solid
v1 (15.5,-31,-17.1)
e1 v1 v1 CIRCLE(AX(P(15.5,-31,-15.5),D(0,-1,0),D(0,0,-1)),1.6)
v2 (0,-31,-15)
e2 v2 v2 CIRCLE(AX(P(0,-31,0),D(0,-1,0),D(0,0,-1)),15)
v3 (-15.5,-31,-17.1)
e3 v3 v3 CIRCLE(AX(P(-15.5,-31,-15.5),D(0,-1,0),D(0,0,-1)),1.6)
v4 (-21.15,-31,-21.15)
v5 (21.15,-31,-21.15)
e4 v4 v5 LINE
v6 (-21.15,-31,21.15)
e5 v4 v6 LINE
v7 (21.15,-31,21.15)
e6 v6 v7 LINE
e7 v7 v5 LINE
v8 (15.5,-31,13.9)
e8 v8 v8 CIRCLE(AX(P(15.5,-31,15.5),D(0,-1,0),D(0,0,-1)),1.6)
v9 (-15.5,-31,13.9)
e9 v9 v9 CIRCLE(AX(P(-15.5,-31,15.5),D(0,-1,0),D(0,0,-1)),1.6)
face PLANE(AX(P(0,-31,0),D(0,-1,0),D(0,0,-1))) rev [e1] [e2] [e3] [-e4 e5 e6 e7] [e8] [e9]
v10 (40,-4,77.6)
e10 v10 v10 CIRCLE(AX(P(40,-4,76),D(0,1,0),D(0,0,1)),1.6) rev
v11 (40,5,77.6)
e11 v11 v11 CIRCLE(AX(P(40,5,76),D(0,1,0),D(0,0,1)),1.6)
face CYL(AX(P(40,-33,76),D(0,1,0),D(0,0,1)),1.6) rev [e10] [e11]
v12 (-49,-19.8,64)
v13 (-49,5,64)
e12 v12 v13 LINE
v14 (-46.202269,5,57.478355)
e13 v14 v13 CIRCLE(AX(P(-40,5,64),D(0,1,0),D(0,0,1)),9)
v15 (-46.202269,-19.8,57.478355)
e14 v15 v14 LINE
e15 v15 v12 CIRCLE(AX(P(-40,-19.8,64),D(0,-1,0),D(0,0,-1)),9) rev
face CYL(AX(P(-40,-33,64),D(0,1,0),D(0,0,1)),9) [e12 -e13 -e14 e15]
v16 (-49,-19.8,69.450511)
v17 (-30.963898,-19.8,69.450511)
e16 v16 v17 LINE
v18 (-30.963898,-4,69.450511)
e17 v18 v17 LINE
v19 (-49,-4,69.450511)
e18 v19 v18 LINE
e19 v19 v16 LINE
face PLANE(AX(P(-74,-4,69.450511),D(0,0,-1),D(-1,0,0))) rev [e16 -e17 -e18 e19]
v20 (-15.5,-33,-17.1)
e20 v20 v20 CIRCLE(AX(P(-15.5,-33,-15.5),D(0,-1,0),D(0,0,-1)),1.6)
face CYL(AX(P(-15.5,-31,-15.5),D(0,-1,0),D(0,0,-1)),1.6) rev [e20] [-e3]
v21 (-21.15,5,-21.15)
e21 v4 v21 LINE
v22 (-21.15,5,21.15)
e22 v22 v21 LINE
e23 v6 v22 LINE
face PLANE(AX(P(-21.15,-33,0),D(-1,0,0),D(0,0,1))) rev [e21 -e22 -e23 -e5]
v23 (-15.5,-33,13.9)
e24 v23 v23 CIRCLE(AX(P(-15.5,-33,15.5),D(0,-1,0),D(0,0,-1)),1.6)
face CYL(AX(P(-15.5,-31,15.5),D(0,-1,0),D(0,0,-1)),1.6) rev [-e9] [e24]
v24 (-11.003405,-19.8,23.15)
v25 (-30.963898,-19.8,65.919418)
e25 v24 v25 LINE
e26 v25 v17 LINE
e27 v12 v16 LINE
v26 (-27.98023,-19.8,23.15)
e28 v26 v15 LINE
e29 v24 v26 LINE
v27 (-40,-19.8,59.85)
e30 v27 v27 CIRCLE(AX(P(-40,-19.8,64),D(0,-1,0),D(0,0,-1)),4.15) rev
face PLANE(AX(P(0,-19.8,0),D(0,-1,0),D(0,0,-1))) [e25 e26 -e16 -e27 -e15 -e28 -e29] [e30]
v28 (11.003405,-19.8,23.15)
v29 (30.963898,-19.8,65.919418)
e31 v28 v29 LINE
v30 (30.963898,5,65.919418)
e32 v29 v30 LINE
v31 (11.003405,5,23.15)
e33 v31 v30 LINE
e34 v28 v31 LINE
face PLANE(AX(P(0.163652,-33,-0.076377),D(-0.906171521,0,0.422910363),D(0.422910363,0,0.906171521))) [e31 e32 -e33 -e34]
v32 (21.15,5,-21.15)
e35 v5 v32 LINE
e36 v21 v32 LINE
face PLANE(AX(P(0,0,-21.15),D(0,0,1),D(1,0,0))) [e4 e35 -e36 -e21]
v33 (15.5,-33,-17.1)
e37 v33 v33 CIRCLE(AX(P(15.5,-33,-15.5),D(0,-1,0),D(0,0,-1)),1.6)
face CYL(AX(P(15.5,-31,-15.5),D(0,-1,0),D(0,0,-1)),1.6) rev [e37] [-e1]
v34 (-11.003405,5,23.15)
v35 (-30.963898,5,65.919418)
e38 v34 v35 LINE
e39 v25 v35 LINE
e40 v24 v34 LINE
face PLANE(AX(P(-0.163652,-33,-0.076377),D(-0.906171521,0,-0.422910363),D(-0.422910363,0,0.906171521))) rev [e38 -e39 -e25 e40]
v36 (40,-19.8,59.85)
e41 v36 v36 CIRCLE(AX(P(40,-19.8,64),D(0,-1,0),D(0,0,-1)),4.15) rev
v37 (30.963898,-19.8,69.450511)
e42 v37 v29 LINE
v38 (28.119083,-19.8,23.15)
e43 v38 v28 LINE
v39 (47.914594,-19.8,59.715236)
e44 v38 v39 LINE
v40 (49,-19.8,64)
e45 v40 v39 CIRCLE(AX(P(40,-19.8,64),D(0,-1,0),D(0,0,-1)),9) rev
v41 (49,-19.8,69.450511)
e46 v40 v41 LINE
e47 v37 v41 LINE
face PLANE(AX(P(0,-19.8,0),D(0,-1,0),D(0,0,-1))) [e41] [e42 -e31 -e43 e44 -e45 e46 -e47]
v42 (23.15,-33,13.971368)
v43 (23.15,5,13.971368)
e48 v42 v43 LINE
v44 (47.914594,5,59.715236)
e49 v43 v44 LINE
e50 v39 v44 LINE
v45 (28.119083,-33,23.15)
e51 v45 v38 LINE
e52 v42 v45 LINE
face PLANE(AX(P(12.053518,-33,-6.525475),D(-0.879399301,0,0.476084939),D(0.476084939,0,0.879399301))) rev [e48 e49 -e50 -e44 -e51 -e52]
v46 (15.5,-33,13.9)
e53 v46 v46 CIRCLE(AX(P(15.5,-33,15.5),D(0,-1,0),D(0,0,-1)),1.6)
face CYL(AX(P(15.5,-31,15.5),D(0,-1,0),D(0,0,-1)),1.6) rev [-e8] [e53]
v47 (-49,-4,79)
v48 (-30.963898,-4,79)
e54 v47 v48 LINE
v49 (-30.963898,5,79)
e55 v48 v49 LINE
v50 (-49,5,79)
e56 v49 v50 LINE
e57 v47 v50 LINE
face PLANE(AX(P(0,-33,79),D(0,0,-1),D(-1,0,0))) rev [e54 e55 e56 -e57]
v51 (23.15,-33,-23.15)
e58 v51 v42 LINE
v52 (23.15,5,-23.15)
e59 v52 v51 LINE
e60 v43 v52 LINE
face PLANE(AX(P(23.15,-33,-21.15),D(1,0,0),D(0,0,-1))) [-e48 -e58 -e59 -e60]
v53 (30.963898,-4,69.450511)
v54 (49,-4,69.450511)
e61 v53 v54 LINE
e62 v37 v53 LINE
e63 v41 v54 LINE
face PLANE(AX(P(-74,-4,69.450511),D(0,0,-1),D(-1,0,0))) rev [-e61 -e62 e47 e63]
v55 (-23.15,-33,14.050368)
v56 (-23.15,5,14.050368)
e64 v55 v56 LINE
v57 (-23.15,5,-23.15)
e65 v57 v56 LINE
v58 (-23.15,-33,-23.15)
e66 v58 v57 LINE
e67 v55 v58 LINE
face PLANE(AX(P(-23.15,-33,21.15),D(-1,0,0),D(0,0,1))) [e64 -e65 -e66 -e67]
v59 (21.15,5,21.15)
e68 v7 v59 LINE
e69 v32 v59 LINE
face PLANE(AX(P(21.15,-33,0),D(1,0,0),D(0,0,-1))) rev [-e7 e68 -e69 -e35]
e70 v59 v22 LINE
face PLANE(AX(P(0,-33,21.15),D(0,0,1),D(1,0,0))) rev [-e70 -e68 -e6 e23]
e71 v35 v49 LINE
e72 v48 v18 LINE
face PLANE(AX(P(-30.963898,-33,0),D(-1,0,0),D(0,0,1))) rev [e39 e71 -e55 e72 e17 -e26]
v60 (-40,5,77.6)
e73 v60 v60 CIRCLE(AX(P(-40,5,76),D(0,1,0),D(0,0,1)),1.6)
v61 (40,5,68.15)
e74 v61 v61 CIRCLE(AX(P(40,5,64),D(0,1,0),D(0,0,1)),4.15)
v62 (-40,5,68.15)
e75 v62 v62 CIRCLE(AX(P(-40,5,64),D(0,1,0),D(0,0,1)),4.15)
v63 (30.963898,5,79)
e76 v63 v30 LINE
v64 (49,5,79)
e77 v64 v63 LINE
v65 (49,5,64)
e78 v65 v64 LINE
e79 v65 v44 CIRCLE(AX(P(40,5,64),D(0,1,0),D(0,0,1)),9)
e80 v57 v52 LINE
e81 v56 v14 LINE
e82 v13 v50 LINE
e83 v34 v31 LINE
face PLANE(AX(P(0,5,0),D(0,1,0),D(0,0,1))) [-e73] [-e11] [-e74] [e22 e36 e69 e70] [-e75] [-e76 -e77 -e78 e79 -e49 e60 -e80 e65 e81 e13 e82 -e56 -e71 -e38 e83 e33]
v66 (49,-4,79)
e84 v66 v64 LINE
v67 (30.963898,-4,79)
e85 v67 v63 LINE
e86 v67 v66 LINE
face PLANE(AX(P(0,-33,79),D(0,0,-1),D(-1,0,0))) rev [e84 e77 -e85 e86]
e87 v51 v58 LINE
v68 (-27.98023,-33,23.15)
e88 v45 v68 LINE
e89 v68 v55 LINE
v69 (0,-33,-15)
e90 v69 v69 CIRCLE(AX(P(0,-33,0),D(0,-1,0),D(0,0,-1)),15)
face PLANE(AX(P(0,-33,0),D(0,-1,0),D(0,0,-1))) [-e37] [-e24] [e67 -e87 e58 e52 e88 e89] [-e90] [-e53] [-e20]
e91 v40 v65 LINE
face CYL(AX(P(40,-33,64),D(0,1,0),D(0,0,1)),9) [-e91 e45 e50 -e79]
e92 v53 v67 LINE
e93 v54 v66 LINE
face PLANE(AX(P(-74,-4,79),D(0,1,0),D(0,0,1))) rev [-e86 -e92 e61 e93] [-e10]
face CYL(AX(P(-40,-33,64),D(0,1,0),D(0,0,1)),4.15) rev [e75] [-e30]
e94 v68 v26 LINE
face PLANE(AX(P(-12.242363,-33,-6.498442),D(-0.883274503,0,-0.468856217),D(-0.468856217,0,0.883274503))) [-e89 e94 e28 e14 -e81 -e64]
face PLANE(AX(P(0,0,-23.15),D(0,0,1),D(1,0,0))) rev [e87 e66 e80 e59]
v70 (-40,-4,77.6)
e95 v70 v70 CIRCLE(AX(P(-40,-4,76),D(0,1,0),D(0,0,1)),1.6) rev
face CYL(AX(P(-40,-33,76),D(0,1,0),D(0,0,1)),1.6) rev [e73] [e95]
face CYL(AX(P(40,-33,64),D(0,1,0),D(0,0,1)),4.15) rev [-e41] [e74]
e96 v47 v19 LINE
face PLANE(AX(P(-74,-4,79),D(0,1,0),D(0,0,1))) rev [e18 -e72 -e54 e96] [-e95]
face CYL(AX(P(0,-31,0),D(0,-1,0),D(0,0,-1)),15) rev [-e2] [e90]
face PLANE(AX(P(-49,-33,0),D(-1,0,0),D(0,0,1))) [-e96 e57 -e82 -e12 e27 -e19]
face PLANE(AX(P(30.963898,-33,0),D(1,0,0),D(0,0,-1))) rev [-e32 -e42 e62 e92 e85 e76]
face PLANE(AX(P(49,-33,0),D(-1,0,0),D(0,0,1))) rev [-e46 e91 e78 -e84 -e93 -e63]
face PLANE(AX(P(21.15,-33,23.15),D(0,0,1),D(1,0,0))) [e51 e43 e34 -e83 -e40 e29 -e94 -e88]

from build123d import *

# Parameters (mm, degrees)
SKETCH_6_W           = 42.3
SKETCH_6_H           = 42.3
SKETCH_6_R           = 1.6
SKETCH_6_R_2         = 15
EXTRUDE_1_DEPTH      = 5
SKETCH_7_R           = 1.6
SKETCH_7_R_2         = 4.15
EXTRUDE_5_DEPTH      = 38
EXTRUDE_START        = 38
SKETCH_7_7_R         = 4.15
SKETCH_7_7_R_2       = 1.6
EXTRUDE_7_DEPTH      = 38
SKETCH_7_8_R         = 4.15
SKETCH_7_8_R_2       = 1.6
EXTRUDE_8_DEPTH      = 38
SKETCH_12_W          = 2
SKETCH_12_H          = 44.3
EXTRUDE_11_DEPTH     = 38
SKETCH_14_W          = 44.3
SKETCH_14_H          = 2
EXTRUDE_12_DEPTH     = 38
SKETCH_15_W          = 2
SKETCH_15_H          = 42.3
EXTRUDE_13_DEPTH     = 38
CUT_EXTRUDE_1_DEPTH  = 13.2
CUT_EXTRUDE_2_DEPTH  = 123
SKETCH_19_R          = 1.5
CUT_EXTRUDE_3_DEPTH  = 10
EXTRUDE_15_DEPTH     = 11.2
EXTRUDE_16_DEPTH     = 11.2
EXTRUDE_17_DEPTH     = 2
SKETCH_26_R          = 1.6
SKETCH_26_R_2        = 15
CUT_EXTRUDE_10_DEPTH = 2
SKETCH_27_W          = 42.3
SKETCH_27_H          = 42.3
CUT_EXTRUDE_12_DEPTH = 5
SKETCH_29_W          = 46.3
SKETCH_29_H          = 38
EXTRUDE_18_DEPTH     = 2


with BuildPart() as part:
    # 草图6 → 凸台-拉伸1 (new body)
    with BuildSketch(Plane(origin=(0, 0, 0), x_dir=(1, 0, 0), z_dir=(0, 1, 0))):
        Rectangle(SKETCH_6_W, SKETCH_6_H)
        with Locations(Location((15.5, 15.5, 0), (0, 0, 270))):
            Circle(SKETCH_6_R, mode=Mode.SUBTRACT)
        with Locations(Location((-15.5, 15.5, 0), (0, 0, 270))):
            Circle(SKETCH_6_R, mode=Mode.SUBTRACT)
        with Locations(Location((-15.5, -15.5, 0), (0, 0, 270))):
            Circle(SKETCH_6_R, mode=Mode.SUBTRACT)
        with Locations(Location((15.5, -15.5, 0), (0, 0, 270))):
            Circle(SKETCH_6_R, mode=Mode.SUBTRACT)
        with Locations(Location((0, 0, 0), (0, 0, 270))):
            Circle(SKETCH_6_R_2, mode=Mode.SUBTRACT)
    extrude(amount=EXTRUDE_1_DEPTH)

    # 草图7 → 凸台-拉伸5 (add)
    # profile 1 of 2: a face of its own
    with BuildSketch(Plane(origin=(0, 5, 0), x_dir=(1, 0, 0), z_dir=(0, 1, 0))):
        with BuildLine():
            Line((49, -79), (49, -64))
            ThreePointArc((49, -64), (48.724429591, -61.789948347), (47.914593709, -59.715235547))
            Line((47.914593709, -59.715235547), (21.15, -10.277072187))
            Line((21.15, -10.277072187), (21.15, -21.15))
            Line((21.15, -21.15), (10.070005019, -21.15))
            Line((10.070005019, -21.15), (30.963898233, -65.919418373))
            Line((30.963898233, -65.919418373), (30.963898233, -79))
            Line((30.963898233, -79), (49, -79))
        make_face()
        with Locations(Location((40, -76, 0), (0, 0, 270))):
            Circle(SKETCH_7_R, mode=Mode.SUBTRACT)
        with Locations(Location((40, -64, 0), (0, 0, 270))):
            Circle(SKETCH_7_R_2, mode=Mode.SUBTRACT)
    # profile 2 of 2: a face of its own
    with BuildSketch(Plane(origin=(0, 5, 0), x_dir=(1, 0, 0), z_dir=(0, 1, 0))):
        with BuildLine():
            Line((-30.963898233, -65.919418373), (-10.070005019, -21.15))
            Line((-10.070005019, -21.15), (-21.15, -21.15))
            Line((-21.15, -21.15), (-21.15, -10.282583808))
            Line((-21.15, -10.282583808), (-46.202269248, -57.478354795))
            ThreePointArc((-46.202269248, -57.478354795), (-48.271046585, -60.45179082), (-49, -64))
            Line((-49, -64), (-49, -79))
            Line((-49, -79), (-30.963898233, -79))
            Line((-30.963898233, -79), (-30.963898233, -65.919418373))
        make_face()
        with Locations(Location((-40, -76, 0), (0, 0, 270))):
            Circle(SKETCH_7_R, mode=Mode.SUBTRACT)
        with Locations(Location((-40, -64, 0), (0, 0, 270))):
            Circle(SKETCH_7_R_2, mode=Mode.SUBTRACT)
    extrude(amount=-EXTRUDE_5_DEPTH)

    # 草图7<7> → 凸台-拉伸7 (add)
    with BuildSketch(Plane(origin=(0, 5, 0), x_dir=(1, 0, 0), z_dir=(0, 1, 0)).offset(EXTRUDE_START)):
        with Locations(Location((-40, -64, 0), (0, 0, 270))):
            Circle(SKETCH_7_7_R)
        with Locations(Location((40, -64, 0), (0, 0, 270))):
            Circle(SKETCH_7_7_R)
        with Locations(Location((40, -76, 0), (0, 0, 270))):
            Circle(SKETCH_7_7_R_2)
        with Locations(Location((-40, -76, 0), (0, 0, 270))):
            Circle(SKETCH_7_7_R_2)
    extrude(amount=-EXTRUDE_7_DEPTH)


with BuildPart() as extrude_7_kept_piece:
    # of the separate pieces the step leaves, the one the design keeps (extrude_7_pieces_kept)
    add(part.part.solids().sort_by_distance((-10.070005019, 0, 21.15))[0])

    # 草图7<8> → 凸台-拉伸8 (add)
    with BuildSketch(Plane(origin=(0, 5, 0), x_dir=(1, 0, 0), z_dir=(0, 1, 0))):
        with Locations(Location((-40, -64, 0), (0, 0, 270))):
            Circle(SKETCH_7_8_R)
        with Locations(Location((40, -64, 0), (0, 0, 270))):
            Circle(SKETCH_7_8_R)
        with Locations(Location((40, -76, 0), (0, 0, 270))):
            Circle(SKETCH_7_8_R_2)
        with Locations(Location((-40, -76, 0), (0, 0, 270))):
            Circle(SKETCH_7_8_R_2)
    extrude(amount=EXTRUDE_8_DEPTH)


with BuildPart() as extrude_8_kept_piece:
    # of the separate pieces the step leaves, the one the design keeps (extrude_8_pieces_kept)
    add(extrude_7_kept_piece.part.solids().sort_by_distance((-10.070005019, 0, 21.15))[0])

    # 草图12 → 凸台-拉伸11 (add)
    with BuildSketch(Plane(origin=(0, 5, 0), x_dir=(1, 0, 0), z_dir=(0, 1, 0))):
        with Locations((22.15, -1)):
            Rectangle(SKETCH_12_W, SKETCH_12_H)
    extrude(amount=-EXTRUDE_11_DEPTH)

    # 草图14 → 凸台-拉伸12 (add)
    with BuildSketch(Plane(origin=(0, 5, 0), x_dir=(1, 0, 0), z_dir=(0, 1, 0))):
        with Locations((-1, -22.15)):
            Rectangle(SKETCH_14_W, SKETCH_14_H)
    extrude(amount=-EXTRUDE_12_DEPTH)

    # 草图15 → 凸台-拉伸13 (add)
    with BuildSketch(Plane(origin=(0, 5, 0), x_dir=(1, 0, 0), z_dir=(0, 1, 0))):
        with Locations((-22.15, 0)):
            Rectangle(SKETCH_15_W, SKETCH_15_H)
    extrude(amount=-EXTRUDE_13_DEPTH)

    # 草图17 → 切除-拉伸1 (cut)
    with BuildSketch(Plane.XZ.offset(33)):
        Polygon((62.040525686, 30.953335803), (62.040525686, -32.044280047), (-61.83718559, -32.044280047), (-61.83718559, 30.953335803), (-61.83718559, 85.06296978), (-8.604799232, 85.06296978), (62.040525686, 85.06296978), align=None)
    extrude(amount=-CUT_EXTRUDE_1_DEPTH, mode=Mode.SUBTRACT)

    # 草图18 → 切除-拉伸2 (cut)
    with BuildSketch(Plane(origin=(49, 0, 0), x_dir=(0, 0, -1), z_dir=(1, 0, 0))):
        Polygon((-79, -4), (-69.450510985, -4), (-69.450510985, -12.643215043), (-69.450510985, -19.8), (-79, -19.8), (-79, -12.643215043), align=None)
    extrude(amount=-CUT_EXTRUDE_2_DEPTH, mode=Mode.SUBTRACT)

    # 草图19 → 切除-拉伸3 (cut)
    with BuildSketch(Plane(origin=(0, 0, 0), x_dir=(-1, 0, 0), z_dir=(0, -1, 0))):
        with Locations(Location((0, -17.95, 0), (0, 0, 90))):
            Circle(SKETCH_19_R)
        with Locations(Location((0, 17.95, 0), (0, 0, 90))):
            Circle(SKETCH_19_R)
    extrude(amount=-CUT_EXTRUDE_3_DEPTH, mode=Mode.SUBTRACT)

    # 草图23 → 凸台-拉伸15 (add)
    with BuildSketch(Plane(origin=(0, -19.8, 0), x_dir=(-1, 0, 0), z_dir=(0, -1, 0))):
        Polygon((-21.15, 21.15), (-23.15, 21.15), (-23.15, -13.971368009), (-23.15, -23.15), (-11.003405272, -23.15), (11.003405272, -23.15), (23.15, -23.15), (23.15, -14.050367917), (23.15, 21.15), (21.15, 21.15), (21.15, -21.15), (-21.15, -21.15), align=None)
    extrude(amount=EXTRUDE_15_DEPTH)

    # 草图24 → 凸台-拉伸16 (add)
    with BuildSketch(Plane(origin=(0, -19.8, 0), x_dir=(-1, 0, 0), z_dir=(0, -1, 0))):
        Polygon((23.15, -23.15), (27.980230087, -23.15), (23.15, -14.050367917), align=None)
        Polygon((-23.15, -23.15), (-28.119083383, -23.15), (-23.15, -13.971368009), align=None)
    extrude(amount=EXTRUDE_16_DEPTH)

    # 草图25 → 凸台-拉伸17 (add)
    with BuildSketch(Plane.XZ.offset(31)):
        Polygon((28.119083383, 23.15), (-27.980230087, 23.15), (-23.15, 14.050367917), (-23.15, -21.15), (23.15, -21.15), (23.15, 13.971368009), align=None)
    extrude(amount=EXTRUDE_17_DEPTH)

    # 草图26 → 切除-拉伸10 (cut)
    with BuildSketch(Plane.XZ.offset(33)):
        with Locations(Location((-15.5, 15.5, 0), (0, 0, 90))):
            Circle(SKETCH_26_R)
        with Locations(Location((15.5, 15.5, 0), (0, 0, 90))):
            Circle(SKETCH_26_R)
        with Locations(Location((15.5, -15.5, 0), (0, 0, 90))):
            Circle(SKETCH_26_R)
        with Locations(Location((-15.5, -15.5, 0), (0, 0, 90))):
            Circle(SKETCH_26_R)
        with Locations(Location((0, 0, 0), (0, 0, 90))):
            Circle(SKETCH_26_R_2)
    extrude(amount=-CUT_EXTRUDE_10_DEPTH, mode=Mode.SUBTRACT)

    # 草图27 → 切除-拉伸12 (cut)
    with BuildSketch(Plane.XZ):
        Rectangle(SKETCH_27_W, SKETCH_27_H)
    extrude(amount=-CUT_EXTRUDE_12_DEPTH, mode=Mode.SUBTRACT)

    # 草图29 → 凸台-拉伸18 (add)
    with BuildSketch(Plane(origin=(0, 0, -21.15), x_dir=(-1, 0, 0), z_dir=(0, 0, -1))):
        with Locations((0, -14)):
            Rectangle(SKETCH_29_W, SKETCH_29_H)
    extrude(amount=EXTRUDE_18_DEPTH)


solid = extrude_8_kept_piece.part
